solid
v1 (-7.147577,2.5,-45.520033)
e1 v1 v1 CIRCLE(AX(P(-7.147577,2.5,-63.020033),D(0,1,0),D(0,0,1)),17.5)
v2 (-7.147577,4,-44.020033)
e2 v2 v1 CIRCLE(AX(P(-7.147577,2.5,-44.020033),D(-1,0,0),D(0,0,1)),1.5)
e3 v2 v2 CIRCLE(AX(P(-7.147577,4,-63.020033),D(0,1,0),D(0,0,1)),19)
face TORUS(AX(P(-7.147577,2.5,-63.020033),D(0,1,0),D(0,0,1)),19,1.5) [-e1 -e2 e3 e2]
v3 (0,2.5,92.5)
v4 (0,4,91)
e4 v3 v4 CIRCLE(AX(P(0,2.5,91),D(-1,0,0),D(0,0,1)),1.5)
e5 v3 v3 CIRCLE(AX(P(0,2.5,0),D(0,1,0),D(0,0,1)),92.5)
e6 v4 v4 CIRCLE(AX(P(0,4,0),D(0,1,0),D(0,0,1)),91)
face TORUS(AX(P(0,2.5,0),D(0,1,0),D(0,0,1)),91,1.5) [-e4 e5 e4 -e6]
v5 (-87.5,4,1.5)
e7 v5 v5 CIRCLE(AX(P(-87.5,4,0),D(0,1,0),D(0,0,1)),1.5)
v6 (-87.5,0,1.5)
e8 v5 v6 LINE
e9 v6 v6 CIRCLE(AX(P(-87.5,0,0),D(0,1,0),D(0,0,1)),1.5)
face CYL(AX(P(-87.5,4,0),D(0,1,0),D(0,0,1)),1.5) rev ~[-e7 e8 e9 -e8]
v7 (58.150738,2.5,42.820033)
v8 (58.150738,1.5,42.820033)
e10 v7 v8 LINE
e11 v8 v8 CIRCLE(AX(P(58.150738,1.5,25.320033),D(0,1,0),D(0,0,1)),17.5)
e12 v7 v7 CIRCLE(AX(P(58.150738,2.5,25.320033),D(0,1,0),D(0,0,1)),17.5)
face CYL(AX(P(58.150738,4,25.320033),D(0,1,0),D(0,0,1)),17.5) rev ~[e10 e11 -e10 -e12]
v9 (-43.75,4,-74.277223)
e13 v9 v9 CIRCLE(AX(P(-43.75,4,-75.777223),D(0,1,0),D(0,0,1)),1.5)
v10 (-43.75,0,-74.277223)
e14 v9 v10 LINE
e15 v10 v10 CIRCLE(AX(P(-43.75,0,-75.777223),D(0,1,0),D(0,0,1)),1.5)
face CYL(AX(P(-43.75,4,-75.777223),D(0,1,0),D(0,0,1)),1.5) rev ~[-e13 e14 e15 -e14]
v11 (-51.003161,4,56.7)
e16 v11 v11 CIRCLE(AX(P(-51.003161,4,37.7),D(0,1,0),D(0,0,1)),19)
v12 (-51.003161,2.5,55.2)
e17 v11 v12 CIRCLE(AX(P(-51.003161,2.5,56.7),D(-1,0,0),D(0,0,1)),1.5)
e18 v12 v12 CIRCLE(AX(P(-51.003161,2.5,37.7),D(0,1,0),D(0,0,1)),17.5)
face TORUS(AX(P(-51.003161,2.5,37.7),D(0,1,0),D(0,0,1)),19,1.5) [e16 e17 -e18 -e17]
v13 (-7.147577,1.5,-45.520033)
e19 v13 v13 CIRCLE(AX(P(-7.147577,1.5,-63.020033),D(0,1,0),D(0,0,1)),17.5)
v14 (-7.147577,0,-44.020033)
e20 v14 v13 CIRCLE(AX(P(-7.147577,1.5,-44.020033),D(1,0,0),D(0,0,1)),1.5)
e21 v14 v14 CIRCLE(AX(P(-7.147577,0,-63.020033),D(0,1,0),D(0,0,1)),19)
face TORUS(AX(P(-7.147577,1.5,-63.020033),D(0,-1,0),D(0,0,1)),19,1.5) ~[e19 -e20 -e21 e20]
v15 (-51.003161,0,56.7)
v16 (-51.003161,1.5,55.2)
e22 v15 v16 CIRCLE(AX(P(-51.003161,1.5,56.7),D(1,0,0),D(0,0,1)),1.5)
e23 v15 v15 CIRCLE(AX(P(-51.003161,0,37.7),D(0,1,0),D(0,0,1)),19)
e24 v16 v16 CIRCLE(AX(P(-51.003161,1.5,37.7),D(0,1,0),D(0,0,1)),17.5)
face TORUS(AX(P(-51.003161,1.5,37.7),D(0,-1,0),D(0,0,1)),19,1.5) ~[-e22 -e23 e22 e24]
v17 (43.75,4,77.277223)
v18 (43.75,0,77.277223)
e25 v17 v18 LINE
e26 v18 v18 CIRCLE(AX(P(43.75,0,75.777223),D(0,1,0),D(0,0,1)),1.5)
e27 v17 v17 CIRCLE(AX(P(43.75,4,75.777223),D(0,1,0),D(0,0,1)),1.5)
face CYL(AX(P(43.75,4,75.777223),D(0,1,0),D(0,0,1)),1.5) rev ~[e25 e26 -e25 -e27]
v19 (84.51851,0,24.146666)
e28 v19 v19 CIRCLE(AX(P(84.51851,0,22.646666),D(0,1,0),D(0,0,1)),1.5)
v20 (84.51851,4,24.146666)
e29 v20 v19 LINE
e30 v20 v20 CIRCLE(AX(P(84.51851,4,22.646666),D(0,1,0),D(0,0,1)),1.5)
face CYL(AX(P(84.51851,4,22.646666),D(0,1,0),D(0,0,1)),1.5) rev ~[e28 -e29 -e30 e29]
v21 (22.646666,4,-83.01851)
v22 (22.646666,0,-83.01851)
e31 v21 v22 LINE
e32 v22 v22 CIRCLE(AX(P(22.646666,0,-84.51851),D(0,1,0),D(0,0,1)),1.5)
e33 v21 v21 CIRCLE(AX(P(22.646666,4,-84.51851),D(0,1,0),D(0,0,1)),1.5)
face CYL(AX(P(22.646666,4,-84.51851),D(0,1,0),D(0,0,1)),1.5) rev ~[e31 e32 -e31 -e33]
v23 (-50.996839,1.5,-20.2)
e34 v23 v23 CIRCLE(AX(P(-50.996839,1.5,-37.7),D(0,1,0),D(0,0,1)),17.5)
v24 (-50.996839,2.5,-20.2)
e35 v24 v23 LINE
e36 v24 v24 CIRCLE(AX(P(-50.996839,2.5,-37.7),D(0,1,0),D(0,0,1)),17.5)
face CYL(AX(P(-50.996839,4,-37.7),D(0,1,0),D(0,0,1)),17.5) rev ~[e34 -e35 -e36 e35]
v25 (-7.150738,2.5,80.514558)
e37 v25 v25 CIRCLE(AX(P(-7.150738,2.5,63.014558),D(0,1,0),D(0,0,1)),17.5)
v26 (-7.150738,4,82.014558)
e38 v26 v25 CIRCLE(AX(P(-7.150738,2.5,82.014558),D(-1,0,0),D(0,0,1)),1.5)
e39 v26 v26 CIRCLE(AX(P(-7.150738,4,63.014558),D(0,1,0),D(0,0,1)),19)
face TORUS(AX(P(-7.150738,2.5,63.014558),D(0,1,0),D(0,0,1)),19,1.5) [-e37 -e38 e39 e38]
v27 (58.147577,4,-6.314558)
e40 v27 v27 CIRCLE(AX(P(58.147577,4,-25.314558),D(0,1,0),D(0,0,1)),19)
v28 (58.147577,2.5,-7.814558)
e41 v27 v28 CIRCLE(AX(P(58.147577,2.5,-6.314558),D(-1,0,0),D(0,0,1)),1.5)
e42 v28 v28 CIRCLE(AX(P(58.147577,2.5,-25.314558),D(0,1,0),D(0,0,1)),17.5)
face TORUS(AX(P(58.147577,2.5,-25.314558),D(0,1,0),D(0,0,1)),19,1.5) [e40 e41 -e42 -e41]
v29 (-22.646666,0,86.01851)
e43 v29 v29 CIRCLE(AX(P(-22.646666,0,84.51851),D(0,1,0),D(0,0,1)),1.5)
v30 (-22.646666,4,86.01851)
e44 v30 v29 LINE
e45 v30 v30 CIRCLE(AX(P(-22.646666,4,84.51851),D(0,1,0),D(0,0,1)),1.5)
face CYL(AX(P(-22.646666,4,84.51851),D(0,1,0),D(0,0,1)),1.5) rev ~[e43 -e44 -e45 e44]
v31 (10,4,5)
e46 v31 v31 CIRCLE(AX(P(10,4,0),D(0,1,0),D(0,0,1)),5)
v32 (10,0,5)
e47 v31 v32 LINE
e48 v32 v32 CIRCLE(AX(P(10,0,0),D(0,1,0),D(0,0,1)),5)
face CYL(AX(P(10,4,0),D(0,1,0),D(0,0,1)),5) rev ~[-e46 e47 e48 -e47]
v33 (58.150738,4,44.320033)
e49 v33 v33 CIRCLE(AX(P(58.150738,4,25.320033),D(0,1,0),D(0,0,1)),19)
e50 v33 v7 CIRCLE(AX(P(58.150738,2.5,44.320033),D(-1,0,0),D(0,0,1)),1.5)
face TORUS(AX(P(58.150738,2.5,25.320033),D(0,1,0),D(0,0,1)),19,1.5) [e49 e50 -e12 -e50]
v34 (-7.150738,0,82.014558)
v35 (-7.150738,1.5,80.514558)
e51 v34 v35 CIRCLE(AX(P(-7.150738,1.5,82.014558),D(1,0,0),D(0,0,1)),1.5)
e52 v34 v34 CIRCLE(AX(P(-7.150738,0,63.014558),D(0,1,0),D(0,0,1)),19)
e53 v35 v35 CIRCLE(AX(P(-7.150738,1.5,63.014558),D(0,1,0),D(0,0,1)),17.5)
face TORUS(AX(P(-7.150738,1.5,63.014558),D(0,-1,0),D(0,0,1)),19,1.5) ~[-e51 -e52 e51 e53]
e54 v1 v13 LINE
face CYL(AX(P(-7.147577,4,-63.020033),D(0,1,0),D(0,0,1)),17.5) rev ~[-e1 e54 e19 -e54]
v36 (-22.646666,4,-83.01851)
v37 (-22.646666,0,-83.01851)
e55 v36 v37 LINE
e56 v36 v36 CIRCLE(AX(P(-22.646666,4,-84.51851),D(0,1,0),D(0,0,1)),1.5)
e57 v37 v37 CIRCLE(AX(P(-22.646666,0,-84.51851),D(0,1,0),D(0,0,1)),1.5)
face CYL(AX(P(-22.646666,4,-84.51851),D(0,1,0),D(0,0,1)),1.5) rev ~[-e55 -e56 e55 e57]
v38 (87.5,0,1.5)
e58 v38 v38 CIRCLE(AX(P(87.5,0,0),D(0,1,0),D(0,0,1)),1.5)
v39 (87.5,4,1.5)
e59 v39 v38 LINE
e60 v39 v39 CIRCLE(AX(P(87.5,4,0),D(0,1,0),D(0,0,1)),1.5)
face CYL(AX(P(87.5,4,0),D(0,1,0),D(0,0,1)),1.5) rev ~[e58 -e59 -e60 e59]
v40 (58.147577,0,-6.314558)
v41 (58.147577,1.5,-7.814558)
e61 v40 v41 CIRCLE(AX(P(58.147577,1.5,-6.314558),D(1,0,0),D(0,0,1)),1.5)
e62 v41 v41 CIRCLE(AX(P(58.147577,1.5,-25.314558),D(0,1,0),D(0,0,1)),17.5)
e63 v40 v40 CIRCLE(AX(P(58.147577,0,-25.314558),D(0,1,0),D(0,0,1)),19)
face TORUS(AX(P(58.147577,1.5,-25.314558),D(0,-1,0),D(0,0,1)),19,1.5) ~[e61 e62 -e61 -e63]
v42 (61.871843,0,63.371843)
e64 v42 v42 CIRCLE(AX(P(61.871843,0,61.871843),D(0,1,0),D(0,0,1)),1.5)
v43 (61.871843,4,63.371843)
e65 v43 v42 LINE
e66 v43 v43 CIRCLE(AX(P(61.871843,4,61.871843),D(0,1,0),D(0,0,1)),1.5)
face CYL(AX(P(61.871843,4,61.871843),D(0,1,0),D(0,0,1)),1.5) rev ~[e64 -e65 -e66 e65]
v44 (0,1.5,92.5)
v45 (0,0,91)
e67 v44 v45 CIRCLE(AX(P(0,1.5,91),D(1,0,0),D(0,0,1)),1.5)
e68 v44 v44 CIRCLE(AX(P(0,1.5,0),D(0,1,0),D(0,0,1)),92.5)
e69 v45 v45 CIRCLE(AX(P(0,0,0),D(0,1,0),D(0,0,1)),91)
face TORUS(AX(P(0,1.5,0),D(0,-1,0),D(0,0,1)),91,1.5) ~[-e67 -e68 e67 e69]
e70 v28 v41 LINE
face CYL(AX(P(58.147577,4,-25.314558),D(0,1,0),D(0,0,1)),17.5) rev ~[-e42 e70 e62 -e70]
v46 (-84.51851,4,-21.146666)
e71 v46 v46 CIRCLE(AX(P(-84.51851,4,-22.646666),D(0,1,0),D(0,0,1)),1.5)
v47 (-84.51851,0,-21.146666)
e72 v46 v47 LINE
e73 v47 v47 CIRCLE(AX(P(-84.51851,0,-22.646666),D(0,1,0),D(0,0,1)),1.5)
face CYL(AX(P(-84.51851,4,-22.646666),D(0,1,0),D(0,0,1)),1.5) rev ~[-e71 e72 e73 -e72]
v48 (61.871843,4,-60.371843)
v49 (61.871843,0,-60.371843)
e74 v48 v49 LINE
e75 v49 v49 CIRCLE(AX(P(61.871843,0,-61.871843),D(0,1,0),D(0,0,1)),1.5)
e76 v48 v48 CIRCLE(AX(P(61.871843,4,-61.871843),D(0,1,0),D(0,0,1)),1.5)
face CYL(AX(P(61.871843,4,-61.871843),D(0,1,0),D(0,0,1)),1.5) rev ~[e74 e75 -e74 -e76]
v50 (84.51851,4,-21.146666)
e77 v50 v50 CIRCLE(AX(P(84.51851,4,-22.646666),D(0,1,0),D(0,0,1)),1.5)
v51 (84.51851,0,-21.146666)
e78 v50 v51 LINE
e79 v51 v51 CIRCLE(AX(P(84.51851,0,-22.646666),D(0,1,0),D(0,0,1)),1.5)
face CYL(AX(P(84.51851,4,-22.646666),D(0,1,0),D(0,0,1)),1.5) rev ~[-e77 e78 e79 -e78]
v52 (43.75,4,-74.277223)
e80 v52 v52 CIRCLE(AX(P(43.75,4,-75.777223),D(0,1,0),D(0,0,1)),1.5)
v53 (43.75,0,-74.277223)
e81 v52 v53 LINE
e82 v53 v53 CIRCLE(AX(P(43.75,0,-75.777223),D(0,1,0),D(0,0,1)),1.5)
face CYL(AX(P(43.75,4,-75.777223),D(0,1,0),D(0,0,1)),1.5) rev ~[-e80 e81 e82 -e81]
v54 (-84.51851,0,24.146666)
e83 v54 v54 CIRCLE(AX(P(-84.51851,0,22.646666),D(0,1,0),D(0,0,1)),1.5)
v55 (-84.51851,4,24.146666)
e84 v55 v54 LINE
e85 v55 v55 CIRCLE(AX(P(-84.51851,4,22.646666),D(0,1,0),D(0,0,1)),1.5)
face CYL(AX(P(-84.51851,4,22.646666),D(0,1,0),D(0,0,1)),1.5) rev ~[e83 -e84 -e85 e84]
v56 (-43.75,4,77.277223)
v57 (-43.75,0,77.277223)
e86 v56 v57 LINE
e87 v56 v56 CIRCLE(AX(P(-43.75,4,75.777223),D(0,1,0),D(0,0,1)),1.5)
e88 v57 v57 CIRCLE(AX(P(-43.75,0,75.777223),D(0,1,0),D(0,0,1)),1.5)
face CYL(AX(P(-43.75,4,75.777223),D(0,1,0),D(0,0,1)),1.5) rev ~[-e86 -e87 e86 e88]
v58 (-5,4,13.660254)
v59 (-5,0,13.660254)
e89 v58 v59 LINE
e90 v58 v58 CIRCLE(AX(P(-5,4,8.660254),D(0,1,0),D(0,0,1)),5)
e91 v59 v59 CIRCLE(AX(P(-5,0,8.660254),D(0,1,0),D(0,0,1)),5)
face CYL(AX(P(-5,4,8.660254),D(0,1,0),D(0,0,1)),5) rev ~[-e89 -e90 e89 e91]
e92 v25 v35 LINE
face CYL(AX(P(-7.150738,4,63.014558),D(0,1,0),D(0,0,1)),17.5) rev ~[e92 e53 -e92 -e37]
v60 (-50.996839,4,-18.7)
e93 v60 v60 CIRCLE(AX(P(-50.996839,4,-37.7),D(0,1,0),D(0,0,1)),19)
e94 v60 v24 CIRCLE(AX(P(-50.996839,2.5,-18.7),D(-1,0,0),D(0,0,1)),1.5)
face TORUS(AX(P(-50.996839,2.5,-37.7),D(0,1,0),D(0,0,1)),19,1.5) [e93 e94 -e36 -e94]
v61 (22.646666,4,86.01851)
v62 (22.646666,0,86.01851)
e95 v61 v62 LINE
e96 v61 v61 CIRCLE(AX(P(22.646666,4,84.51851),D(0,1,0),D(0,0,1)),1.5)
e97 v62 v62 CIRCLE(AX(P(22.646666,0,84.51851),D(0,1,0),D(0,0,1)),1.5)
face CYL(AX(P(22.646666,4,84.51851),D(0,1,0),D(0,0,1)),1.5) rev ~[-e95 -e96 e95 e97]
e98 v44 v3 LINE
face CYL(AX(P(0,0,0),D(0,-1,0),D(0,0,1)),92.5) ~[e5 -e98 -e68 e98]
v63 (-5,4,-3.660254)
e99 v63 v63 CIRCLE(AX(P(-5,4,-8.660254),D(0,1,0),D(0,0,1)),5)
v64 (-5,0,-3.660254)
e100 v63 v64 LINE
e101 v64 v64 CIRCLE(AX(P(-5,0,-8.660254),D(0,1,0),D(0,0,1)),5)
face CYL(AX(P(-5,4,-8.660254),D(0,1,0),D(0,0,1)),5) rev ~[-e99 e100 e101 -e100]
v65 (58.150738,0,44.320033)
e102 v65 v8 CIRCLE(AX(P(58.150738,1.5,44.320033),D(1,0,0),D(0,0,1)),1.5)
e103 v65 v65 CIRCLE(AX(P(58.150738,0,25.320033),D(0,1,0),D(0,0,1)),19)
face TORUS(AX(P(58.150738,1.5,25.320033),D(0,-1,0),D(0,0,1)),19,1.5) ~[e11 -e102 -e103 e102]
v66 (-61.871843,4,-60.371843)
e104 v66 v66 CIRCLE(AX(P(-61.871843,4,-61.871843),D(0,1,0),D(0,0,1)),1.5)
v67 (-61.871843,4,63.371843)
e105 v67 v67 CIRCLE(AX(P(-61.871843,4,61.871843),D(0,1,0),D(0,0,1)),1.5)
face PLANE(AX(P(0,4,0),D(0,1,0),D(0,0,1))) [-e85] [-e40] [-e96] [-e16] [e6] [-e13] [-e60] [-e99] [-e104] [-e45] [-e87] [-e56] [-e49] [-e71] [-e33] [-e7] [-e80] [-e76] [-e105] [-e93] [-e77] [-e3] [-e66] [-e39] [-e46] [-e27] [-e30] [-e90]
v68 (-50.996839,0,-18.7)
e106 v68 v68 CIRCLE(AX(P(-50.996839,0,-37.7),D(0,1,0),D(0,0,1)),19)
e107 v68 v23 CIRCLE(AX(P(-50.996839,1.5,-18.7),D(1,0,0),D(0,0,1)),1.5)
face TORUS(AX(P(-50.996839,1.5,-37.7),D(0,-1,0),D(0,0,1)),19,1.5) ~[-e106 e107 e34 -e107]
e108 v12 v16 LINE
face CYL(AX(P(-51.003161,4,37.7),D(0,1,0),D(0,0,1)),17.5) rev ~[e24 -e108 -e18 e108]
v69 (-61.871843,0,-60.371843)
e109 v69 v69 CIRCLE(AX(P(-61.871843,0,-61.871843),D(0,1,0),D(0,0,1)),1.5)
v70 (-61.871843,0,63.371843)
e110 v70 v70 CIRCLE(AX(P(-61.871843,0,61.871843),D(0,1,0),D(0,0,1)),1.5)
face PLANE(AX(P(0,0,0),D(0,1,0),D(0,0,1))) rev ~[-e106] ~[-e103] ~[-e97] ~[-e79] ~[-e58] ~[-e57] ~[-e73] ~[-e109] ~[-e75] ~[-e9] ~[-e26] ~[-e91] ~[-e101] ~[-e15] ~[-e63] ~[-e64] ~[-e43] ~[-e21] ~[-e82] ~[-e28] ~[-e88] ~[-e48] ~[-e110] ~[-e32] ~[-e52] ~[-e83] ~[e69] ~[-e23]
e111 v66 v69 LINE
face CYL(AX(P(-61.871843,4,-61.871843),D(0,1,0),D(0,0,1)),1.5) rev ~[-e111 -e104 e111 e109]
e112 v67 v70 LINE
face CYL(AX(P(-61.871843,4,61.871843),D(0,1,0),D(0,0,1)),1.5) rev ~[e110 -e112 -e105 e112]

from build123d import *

# Parameters (mm, degrees)
SKETCH1_R           = 92.5
BOSS_EXTRUDE1_DEPTH = 4
SKETCH2_R           = 17.5
SKETCH2_R_2         = 1.5
SKETCH2_R_3         = 5
CUT_EXTRUDE1_DEPTH  = 131.875895412
FILLET1_R           = 1.5


with BuildPart() as part:
    # Sketch1 → Boss-Extrude1 (new body)
    with BuildSketch(Plane(origin=(0, 0, 0), x_dir=(1, 0, 0), z_dir=(0, 1, 0))):
        with Locations(Location((0, 0, 0), (0, 0, 270))):
            Circle(SKETCH1_R)
    extrude(amount=BOSS_EXTRUDE1_DEPTH)

    # Sketch2 → Cut-Extrude1 (cut, through all)
    with BuildSketch(Plane(origin=(0, 4, 0), x_dir=(1, 0, 0), z_dir=(0, 1, 0))):
        with Locations(Location((-50.996839233, 37.699999868, 0), (0, 0, 270))):
            Circle(SKETCH2_R)
        with Locations(Location((-43.75, 75.777222831, 0), (0, 0, 270))):
            Circle(SKETCH2_R_2)
        with Locations(Location((-7.147577225, 63.020032831, 0), (0, 0, 270))):
            Circle(SKETCH2_R)
        with Locations(Location((-5, 8.660254038, 0), (0, 0, 270))):
            Circle(SKETCH2_R_3)
        with Locations(Location((-22.646666446, 84.5185098, 0), (0, 0, 270))):
            Circle(SKETCH2_R_2)
        with Locations(Location((-61.871843354, 61.871843354, 0), (0, 0, 270))):
            Circle(SKETCH2_R_2)
        with Locations(Location((43.75, 75.777222831, 0), (0, 0, 270))):
            Circle(SKETCH2_R_2)
        with Locations(Location((22.646666446, 84.5185098, 0), (0, 0, 270))):
            Circle(SKETCH2_R_2)
        with Locations(Location((61.871843354, 61.871843354, 0), (0, 0, 270))):
            Circle(SKETCH2_R_2)
        with Locations(Location((87.5, 0, 0), (0, 0, 270))):
            Circle(SKETCH2_R_2)
        with Locations(Location((84.5185098, 22.646666446, 0), (0, 0, 270))):
            Circle(SKETCH2_R_2)
        with Locations(Location((84.5185098, -22.646666446, 0), (0, 0, 270))):
            Circle(SKETCH2_R_2)
        with Locations(Location((58.150737991, -25.320032963, 0), (0, 0, 270))):
            Circle(SKETCH2_R)
        with Locations(Location((58.147577225, 25.314558355, 0), (0, 0, 270))):
            Circle(SKETCH2_R)
        with Locations(Location((-51.003160767, -37.699999867, 0), (0, 0, 270))):
            Circle(SKETCH2_R)
        with Locations(Location((-7.150737991, -63.014558223, 0), (0, 0, 270))):
            Circle(SKETCH2_R)
        with Locations(Location((10, 0, 0), (0, 0, 270))):
            Circle(SKETCH2_R_3)
        with Locations(Location((-5, -8.660254038, 0), (0, 0, 270))):
            Circle(SKETCH2_R_3)
        with Locations(Location((43.75, -75.777222831, 0), (0, 0, 270))):
            Circle(SKETCH2_R_2)
        with Locations(Location((61.871843354, -61.871843354, 0), (0, 0, 270))):
            Circle(SKETCH2_R_2)
        with Locations(Location((22.646666446, -84.5185098, 0), (0, 0, 270))):
            Circle(SKETCH2_R_2)
        with Locations(Location((-43.75, -75.777222831, 0), (0, 0, 270))):
            Circle(SKETCH2_R_2)
        with Locations(Location((-22.646666446, -84.5185098, 0), (0, 0, 270))):
            Circle(SKETCH2_R_2)
        with Locations(Location((-61.871843354, -61.871843354, 0), (0, 0, 270))):
            Circle(SKETCH2_R_2)
        with Locations(Location((-87.5, 0, 0), (0, 0, 270))):
            Circle(SKETCH2_R_2)
        with Locations(Location((-84.5185098, -22.646666446, 0), (0, 0, 270))):
            Circle(SKETCH2_R_2)
        with Locations(Location((-84.5185098, 22.646666446, 0), (0, 0, 270))):
            Circle(SKETCH2_R_2)
    extrude(amount=-CUT_EXTRUDE1_DEPTH, mode=Mode.SUBTRACT)

    # Fillet1
    fillet1_edges = [part.edges().sort_by_distance(p)[0] for p in [
        (0, 0, -92.5),
        (0, 4, -92.5),
        (-7.147577225, 0, -80.520032831),
        (-7.147577225, 4, -80.520032831),
        (58.147577225, 0, -42.814558355),
        (58.147577225, 4, -42.814558355),
        (58.150737991, 0, 7.820032963),
        (58.150737991, 4, 7.820032963),
        (-7.150737991, 0, 45.514558223),
        (-7.150737991, 4, 45.514558223),
        (-51.003160767, 0, 20.199999867),
        (-51.003160767, 4, 20.199999867),
        (-50.996839233, 0, -55.199999868),
        (-50.996839233, 4, -55.199999868),
    ]]
    fillet(fillet1_edges, radius=FILLET1_R)


solid = part.part
